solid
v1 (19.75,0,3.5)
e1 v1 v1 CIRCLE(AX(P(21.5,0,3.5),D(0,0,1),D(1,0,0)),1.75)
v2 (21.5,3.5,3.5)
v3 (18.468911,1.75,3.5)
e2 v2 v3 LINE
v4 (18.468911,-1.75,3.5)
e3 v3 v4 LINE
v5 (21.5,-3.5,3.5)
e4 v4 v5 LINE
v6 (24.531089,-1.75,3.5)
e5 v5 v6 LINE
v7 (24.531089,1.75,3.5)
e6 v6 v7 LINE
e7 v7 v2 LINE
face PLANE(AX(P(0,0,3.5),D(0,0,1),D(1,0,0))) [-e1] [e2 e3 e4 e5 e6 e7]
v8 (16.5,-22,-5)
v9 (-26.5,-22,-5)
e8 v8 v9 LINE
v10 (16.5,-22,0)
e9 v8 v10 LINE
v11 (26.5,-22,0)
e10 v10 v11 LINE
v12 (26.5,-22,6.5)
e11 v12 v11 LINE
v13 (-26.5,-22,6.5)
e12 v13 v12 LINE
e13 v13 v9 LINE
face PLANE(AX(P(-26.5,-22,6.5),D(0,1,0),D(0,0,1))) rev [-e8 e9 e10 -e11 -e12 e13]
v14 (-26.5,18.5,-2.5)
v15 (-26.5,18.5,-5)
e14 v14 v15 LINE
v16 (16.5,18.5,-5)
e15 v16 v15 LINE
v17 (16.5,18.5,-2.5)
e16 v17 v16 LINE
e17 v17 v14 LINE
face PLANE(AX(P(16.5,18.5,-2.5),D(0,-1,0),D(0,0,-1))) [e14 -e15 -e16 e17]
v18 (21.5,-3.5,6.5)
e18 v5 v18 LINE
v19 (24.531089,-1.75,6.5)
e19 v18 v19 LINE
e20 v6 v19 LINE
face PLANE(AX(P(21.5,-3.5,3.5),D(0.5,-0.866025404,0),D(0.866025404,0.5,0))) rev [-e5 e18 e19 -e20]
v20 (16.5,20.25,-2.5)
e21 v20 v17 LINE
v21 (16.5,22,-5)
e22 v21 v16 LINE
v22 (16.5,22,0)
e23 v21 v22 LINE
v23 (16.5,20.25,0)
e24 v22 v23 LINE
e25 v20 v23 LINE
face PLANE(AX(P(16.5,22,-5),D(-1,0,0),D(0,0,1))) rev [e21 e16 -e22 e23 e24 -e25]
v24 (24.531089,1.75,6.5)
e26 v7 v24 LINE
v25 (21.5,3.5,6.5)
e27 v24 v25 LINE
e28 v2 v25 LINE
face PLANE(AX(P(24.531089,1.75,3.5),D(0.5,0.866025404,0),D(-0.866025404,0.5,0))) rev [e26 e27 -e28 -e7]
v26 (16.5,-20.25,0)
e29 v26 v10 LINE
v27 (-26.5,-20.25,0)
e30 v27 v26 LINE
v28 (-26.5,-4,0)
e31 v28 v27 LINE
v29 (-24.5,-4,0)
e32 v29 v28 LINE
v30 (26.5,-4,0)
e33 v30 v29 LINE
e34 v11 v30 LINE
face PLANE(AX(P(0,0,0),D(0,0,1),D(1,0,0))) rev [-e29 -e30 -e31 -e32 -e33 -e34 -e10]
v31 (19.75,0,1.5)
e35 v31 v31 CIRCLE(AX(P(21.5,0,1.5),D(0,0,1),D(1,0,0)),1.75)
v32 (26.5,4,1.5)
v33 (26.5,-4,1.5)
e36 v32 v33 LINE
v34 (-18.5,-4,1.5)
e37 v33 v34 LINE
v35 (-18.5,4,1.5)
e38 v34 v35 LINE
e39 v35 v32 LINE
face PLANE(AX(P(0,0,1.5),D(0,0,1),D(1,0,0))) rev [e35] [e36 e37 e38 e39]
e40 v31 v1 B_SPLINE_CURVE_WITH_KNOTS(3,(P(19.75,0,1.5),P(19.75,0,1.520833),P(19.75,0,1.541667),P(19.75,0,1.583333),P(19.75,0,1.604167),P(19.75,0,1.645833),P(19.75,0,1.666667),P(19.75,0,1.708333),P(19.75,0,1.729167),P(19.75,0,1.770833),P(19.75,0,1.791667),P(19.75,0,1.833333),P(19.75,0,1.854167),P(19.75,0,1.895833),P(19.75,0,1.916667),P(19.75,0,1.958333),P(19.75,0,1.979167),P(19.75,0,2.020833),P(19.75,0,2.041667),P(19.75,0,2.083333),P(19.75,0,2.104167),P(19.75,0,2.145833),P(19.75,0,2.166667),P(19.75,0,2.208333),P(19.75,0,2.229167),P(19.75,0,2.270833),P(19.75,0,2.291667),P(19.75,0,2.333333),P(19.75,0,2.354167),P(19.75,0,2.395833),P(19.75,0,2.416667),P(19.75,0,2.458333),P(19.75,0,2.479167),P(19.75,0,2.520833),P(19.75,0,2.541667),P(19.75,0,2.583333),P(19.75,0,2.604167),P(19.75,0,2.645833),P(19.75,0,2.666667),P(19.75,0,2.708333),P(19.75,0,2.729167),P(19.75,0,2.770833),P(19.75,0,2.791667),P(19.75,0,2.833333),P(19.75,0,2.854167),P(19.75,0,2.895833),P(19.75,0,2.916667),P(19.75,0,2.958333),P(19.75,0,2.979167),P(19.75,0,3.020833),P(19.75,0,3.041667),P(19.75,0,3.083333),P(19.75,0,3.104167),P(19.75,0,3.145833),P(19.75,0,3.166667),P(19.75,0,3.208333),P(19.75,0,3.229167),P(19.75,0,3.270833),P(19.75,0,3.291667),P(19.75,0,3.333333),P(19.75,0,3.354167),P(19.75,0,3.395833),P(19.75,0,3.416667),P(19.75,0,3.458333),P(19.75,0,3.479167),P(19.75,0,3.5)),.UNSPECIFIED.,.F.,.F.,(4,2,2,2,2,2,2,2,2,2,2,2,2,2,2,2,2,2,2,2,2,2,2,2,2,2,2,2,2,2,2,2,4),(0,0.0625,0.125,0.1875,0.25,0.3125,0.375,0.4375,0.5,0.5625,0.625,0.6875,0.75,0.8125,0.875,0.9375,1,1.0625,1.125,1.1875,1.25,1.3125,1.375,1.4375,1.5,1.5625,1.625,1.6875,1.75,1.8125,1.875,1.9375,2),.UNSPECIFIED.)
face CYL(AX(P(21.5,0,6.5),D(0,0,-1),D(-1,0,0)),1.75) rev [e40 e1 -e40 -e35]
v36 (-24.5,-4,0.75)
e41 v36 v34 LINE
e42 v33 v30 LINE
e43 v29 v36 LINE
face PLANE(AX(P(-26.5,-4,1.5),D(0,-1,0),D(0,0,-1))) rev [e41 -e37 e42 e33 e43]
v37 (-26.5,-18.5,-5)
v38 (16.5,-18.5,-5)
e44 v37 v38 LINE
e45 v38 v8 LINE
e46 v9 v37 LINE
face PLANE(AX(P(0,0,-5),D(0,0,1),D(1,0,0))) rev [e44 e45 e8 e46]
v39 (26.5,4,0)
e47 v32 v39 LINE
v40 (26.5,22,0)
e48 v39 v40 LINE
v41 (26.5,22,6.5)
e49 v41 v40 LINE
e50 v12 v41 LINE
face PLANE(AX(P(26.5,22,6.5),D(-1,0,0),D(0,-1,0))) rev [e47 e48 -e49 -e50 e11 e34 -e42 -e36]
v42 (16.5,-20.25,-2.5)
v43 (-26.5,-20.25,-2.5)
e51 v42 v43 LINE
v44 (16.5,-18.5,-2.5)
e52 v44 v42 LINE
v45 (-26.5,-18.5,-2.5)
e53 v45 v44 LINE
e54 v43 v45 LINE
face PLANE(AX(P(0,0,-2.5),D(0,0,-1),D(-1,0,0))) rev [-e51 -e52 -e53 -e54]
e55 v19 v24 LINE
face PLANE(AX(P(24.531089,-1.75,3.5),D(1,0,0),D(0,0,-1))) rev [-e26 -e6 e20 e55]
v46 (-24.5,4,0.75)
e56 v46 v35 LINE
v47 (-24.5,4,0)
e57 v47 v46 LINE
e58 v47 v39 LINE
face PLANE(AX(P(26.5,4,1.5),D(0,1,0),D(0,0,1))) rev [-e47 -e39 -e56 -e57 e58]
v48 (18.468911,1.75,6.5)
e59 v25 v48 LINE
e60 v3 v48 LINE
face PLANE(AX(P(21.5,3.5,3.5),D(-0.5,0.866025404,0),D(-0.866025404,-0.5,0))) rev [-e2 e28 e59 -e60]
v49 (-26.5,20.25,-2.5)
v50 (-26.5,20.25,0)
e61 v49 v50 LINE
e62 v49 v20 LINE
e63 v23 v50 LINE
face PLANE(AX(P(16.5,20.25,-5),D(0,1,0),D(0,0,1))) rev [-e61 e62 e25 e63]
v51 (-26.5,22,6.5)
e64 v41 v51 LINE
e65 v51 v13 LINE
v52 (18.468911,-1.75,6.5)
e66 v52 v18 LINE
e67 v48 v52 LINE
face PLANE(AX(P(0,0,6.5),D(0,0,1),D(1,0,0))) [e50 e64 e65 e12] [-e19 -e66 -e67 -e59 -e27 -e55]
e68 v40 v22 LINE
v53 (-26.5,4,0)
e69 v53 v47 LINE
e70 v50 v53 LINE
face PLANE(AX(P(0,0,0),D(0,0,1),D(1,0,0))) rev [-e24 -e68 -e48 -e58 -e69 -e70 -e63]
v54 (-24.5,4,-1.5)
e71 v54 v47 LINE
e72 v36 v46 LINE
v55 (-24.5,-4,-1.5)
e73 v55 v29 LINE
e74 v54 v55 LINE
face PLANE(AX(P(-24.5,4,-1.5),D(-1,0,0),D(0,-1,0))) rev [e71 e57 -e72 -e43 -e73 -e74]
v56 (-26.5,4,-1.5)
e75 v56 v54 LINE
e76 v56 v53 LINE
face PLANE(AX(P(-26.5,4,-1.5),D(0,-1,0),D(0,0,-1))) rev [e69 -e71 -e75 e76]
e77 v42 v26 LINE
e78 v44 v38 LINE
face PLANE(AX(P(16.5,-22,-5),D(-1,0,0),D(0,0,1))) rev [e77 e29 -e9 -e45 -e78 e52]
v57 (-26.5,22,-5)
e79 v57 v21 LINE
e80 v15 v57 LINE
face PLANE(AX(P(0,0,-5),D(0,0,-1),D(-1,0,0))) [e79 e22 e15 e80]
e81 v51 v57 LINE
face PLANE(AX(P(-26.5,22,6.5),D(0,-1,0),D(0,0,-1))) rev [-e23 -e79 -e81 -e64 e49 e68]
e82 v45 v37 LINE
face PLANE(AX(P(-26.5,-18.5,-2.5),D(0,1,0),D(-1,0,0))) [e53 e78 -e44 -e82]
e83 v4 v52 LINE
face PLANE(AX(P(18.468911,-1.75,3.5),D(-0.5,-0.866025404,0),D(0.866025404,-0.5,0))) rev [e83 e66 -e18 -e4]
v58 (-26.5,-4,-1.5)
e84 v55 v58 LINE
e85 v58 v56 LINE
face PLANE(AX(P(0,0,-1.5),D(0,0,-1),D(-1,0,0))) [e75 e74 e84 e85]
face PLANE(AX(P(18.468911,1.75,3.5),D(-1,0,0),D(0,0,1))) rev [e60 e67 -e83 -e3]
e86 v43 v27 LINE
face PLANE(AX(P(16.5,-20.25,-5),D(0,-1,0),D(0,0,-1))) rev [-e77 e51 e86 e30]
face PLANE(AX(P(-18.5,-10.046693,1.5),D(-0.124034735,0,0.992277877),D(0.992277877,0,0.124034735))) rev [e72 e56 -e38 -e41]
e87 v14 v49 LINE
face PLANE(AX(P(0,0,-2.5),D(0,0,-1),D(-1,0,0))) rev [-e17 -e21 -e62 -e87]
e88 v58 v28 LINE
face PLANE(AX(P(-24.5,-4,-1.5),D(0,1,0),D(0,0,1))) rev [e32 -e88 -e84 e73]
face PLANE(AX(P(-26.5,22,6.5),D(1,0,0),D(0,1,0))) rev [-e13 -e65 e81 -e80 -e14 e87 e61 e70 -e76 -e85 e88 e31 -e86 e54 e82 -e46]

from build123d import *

# Parameters (mm, degrees)
CROQUIS1_W              = 53
CROQUIS1_H              = 44
CROQUIS1_R              = 1.75
SALIENTE_EXTRUIR1_DEPTH = 6.5
CROQUIS3_W              = 43
CROQUIS3_H              = 1.75
SALIENTE_EXTRUIR2_DEPTH = 5
CROQUIS4_W              = 43
CROQUIS4_H              = 1.75
SALIENTE_EXTRUIR3_DEPTH = 2.5
CROQUIS5_W              = 53
CROQUIS5_H              = 8
CORTAR_EXTRUIR2_DEPTH   = 1.5
CROQUIS8_W              = 2
CROQUIS8_H              = 8
SALIENTE_EXTRUIR6_DEPTH = 3
SALIENTE_EXTRUIR7_DEPTH = 8
CORTAR_EXTRUIR3_DEPTH   = 3


with BuildPart() as part:
    # Croquis1 → Saliente-Extruir1 (new body)
    with BuildSketch(Plane.XY):
        Rectangle(CROQUIS1_W, CROQUIS1_H)
        with Locations(Location((21.5, 0, 0), (0, 0, 180))):
            Circle(CROQUIS1_R, mode=Mode.SUBTRACT)
    extrude(amount=SALIENTE_EXTRUIR1_DEPTH)

    # Croquis3 → Saliente-Extruir2 (add)
    with BuildSketch(Plane(origin=(0, 0, 0), x_dir=(-1, 0, 0), z_dir=(0, 0, -1))):
        with Locations((5, -21.125)):
            Rectangle(CROQUIS3_W, CROQUIS3_H)
        with Locations((5, 21.125)):
            Rectangle(CROQUIS3_W, CROQUIS3_H)
    extrude(amount=SALIENTE_EXTRUIR2_DEPTH)

    # Croquis4 → Saliente-Extruir3 (add)
    with BuildSketch(Plane(origin=(0, 0, -5), x_dir=(-1, 0, 0), z_dir=(0, 0, -1))):
        with Locations((5, -19.375)):
            Rectangle(CROQUIS4_W, CROQUIS4_H)
        with Locations((5, 19.375)):
            Rectangle(CROQUIS4_W, CROQUIS4_H)
    extrude(amount=-SALIENTE_EXTRUIR3_DEPTH)

    # Croquis5 → Cortar-Extruir2 (cut)
    with BuildSketch(Plane(origin=(0, 0, 0), x_dir=(-1, 0, 0), z_dir=(0, 0, -1))):
        Rectangle(CROQUIS5_W, CROQUIS5_H)
    extrude(amount=-CORTAR_EXTRUIR2_DEPTH, mode=Mode.SUBTRACT)

    # Croquis8 → Saliente-Extruir6 (add)
    with BuildSketch(Plane(origin=(0, 0, 1.5), x_dir=(-1, 0, 0), z_dir=(0, 0, -1))):
        with Locations((25.5, 0)):
            Rectangle(CROQUIS8_W, CROQUIS8_H)
    extrude(amount=SALIENTE_EXTRUIR6_DEPTH)

    # Croquis9 → Saliente-Extruir7 (add)
    with BuildSketch(Plane.XZ.offset(-4)):
        Polygon((-24.5, 1.5), (-18.5, 1.5), (-24.5, 0.75), align=None)
    extrude(amount=SALIENTE_EXTRUIR7_DEPTH)

    # Croquis10 → Cortar-Extruir3 (cut)
    with BuildSketch(Plane.XY.offset(6.5)):
        Polygon((21.5, -3.5), (24.531088913, -1.75), (24.531088913, 1.75), (21.5, 3.5), (18.468911087, 1.75), (18.468911087, -1.75), align=None)
    extrude(amount=-CORTAR_EXTRUIR3_DEPTH, mode=Mode.SUBTRACT)


solid = part.part
